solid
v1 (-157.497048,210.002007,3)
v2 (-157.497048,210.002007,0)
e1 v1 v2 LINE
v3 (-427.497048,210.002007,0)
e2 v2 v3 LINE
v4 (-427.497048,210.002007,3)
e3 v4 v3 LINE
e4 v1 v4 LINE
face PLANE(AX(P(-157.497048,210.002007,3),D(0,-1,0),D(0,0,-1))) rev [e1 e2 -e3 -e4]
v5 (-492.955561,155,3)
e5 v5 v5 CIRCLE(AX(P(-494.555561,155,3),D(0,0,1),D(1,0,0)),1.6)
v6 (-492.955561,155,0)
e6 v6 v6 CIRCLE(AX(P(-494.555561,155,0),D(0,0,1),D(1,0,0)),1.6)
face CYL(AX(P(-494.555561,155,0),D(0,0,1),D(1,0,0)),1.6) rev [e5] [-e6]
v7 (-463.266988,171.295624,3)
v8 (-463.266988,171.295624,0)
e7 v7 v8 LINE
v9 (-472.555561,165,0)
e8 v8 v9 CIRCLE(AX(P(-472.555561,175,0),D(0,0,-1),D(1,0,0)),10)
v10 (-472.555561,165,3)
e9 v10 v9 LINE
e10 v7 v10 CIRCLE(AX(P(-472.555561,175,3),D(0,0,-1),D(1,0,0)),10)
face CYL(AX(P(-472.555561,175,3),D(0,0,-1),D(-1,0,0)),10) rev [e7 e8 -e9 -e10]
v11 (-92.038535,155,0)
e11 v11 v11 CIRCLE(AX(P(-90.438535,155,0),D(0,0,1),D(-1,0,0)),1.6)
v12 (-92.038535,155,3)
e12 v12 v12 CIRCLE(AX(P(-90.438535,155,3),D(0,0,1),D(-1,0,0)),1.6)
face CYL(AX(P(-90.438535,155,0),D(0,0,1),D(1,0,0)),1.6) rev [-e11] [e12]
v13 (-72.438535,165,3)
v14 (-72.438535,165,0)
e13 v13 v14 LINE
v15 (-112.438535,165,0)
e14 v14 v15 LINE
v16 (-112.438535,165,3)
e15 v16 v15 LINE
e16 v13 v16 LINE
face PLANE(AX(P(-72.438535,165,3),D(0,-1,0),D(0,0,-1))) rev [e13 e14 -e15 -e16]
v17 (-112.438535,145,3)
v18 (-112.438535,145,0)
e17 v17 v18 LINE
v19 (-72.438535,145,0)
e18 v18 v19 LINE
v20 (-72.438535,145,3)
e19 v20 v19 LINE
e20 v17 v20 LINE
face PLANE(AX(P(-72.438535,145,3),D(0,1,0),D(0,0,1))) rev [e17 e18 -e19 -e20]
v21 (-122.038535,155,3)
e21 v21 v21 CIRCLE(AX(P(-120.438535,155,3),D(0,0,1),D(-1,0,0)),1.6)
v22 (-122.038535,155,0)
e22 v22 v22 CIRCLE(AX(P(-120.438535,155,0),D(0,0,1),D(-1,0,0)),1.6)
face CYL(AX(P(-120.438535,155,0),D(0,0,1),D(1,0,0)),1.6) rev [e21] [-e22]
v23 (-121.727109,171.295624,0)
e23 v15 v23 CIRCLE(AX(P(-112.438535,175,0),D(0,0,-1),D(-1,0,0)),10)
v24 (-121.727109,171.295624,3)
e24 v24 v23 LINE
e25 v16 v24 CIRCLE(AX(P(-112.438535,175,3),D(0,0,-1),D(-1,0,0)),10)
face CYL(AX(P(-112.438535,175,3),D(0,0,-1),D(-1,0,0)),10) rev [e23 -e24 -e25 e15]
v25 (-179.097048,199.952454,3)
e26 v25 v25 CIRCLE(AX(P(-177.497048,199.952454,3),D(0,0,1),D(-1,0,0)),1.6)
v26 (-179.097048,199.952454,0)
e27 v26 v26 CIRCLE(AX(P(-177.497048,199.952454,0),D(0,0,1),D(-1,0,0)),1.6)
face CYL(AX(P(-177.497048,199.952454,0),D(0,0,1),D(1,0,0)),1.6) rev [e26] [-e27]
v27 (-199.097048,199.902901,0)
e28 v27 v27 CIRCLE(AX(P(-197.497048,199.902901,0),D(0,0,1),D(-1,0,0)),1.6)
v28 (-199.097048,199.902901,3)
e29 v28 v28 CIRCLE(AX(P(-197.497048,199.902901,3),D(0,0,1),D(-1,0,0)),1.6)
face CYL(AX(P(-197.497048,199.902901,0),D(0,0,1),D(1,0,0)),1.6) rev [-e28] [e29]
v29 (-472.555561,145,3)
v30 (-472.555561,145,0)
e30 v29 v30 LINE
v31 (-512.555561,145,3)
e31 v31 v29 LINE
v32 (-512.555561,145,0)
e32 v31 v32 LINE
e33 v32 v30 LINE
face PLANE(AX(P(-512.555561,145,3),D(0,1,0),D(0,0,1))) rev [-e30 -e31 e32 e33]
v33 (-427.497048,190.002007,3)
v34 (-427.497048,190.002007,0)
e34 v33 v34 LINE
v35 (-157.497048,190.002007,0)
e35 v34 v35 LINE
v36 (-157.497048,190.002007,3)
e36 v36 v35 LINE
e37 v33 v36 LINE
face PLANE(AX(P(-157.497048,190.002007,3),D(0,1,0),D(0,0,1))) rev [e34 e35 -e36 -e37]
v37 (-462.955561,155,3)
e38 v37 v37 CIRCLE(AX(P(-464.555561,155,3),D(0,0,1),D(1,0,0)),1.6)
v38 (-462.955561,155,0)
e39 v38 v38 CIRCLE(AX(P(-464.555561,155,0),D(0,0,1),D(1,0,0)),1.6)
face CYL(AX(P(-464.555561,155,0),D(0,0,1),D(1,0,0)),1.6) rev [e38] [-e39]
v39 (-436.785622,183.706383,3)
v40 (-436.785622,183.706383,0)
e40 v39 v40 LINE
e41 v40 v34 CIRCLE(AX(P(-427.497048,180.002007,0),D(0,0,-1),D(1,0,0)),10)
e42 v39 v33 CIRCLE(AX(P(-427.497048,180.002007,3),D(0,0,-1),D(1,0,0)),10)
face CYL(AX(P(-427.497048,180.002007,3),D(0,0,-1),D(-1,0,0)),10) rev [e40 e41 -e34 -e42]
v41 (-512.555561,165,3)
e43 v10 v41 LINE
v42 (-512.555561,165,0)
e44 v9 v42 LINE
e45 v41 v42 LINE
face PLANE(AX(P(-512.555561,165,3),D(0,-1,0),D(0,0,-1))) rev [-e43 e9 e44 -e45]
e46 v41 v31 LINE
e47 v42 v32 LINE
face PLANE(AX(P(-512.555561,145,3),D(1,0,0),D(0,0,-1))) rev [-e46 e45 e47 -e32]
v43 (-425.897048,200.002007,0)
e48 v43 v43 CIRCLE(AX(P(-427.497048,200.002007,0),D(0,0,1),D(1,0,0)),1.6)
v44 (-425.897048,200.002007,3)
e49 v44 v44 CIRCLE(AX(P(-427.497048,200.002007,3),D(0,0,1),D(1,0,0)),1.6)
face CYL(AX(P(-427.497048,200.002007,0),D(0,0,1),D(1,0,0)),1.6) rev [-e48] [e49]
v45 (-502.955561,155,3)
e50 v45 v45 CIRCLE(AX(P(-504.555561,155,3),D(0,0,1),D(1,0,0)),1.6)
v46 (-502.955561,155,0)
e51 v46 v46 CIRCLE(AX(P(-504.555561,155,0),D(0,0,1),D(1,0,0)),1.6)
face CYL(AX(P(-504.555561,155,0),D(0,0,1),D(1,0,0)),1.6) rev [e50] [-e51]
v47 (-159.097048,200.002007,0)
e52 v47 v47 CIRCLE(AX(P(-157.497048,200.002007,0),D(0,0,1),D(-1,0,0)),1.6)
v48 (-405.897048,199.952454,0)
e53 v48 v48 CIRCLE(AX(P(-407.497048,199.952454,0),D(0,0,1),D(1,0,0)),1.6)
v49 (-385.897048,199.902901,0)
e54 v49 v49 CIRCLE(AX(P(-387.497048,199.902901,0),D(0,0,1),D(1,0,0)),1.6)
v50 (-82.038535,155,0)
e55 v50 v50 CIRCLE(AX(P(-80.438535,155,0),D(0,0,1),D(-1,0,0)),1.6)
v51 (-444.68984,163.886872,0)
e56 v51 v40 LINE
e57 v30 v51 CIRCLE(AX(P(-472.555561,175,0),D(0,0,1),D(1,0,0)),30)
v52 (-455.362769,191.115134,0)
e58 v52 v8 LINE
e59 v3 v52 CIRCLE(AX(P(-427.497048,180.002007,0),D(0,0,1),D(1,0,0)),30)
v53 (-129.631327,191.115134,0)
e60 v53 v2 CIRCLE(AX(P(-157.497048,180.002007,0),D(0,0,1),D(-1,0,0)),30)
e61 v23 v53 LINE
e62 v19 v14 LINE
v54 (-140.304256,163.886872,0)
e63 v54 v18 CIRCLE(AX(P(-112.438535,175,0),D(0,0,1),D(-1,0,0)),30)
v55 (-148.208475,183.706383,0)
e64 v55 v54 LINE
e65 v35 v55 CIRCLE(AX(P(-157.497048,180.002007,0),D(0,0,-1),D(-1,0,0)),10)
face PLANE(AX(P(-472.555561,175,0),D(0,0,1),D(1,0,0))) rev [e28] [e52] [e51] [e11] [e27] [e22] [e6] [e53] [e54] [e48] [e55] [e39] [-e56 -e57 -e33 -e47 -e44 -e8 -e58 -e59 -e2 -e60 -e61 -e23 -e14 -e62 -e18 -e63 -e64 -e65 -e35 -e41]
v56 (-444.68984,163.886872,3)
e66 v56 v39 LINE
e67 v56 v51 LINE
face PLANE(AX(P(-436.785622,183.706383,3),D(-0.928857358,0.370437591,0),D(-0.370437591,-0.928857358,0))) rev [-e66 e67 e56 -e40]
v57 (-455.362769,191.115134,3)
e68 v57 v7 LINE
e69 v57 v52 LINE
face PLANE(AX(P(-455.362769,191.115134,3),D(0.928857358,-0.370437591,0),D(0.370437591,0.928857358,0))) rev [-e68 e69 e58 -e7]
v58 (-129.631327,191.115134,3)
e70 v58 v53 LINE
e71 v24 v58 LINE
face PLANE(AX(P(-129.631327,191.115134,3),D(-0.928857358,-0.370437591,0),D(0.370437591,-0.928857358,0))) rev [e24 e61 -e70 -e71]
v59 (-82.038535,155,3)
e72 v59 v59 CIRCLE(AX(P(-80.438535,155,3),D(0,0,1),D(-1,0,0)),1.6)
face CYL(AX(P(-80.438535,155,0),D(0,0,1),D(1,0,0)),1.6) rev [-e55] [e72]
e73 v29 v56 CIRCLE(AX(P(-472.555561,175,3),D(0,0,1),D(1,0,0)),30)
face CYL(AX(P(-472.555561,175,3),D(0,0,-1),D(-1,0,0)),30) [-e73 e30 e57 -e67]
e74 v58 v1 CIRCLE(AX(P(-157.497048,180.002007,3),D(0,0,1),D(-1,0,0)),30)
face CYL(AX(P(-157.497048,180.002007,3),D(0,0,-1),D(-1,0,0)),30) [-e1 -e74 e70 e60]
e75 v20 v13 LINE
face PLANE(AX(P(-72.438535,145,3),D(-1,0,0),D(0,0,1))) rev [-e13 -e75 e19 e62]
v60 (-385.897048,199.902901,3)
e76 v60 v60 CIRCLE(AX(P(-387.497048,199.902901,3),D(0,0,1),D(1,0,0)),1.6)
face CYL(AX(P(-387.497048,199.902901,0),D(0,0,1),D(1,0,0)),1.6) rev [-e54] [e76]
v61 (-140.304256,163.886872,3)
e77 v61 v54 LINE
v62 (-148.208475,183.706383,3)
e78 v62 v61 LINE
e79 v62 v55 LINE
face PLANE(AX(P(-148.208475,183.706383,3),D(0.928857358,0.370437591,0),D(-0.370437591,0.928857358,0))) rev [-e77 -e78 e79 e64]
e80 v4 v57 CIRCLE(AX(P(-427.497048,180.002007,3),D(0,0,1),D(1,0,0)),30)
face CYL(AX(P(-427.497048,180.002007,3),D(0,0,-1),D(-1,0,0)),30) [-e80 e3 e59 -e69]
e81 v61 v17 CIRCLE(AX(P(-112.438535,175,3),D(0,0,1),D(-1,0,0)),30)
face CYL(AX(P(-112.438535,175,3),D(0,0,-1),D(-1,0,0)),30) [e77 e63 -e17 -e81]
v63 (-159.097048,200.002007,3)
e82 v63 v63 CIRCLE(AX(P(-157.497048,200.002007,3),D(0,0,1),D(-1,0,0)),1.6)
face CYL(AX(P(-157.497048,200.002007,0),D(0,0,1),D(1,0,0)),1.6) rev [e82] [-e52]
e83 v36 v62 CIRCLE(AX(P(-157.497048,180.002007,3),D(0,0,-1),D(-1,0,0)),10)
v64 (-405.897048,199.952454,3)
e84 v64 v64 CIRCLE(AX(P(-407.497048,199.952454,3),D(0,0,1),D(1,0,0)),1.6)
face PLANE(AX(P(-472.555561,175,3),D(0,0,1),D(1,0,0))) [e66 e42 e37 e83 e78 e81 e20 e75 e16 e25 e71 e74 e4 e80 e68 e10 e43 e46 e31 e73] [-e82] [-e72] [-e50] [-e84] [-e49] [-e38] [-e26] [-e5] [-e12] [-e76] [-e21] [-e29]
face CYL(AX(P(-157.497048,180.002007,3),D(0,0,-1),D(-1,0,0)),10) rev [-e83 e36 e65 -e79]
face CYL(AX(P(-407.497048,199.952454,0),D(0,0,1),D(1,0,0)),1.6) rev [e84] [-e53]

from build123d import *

# Parameters (mm, degrees)
EXTRUDE1_DEPTH     = 3
SKETCH2_R          = 1.6
CUT_EXTRUDE1_DEPTH = 3


with BuildPart() as part:
    # Sketch1 → Extrude1 (new body)
    with BuildSketch(Plane.XY):
        with BuildLine():
            Line((-512.555561166, 145), (-472.555561166, 145))
            ThreePointArc((-472.555561166, 145), (-455.723951498, 150.166616904), (-444.689840432, 163.886872268))
            Line((-444.689840432, 163.886872268), (-436.785621791, 183.706382542))
            ThreePointArc((-436.785621791, 183.706382542), (-433.10758477, 188.279800996), (-427.497048214, 190.002006631))
            Line((-427.497048214, 190.002006631), (-157.497048214, 190.002006631))
            ThreePointArc((-157.497048214, 190.002006631), (-151.886511658, 188.279800996), (-148.208474636, 183.706382542))
            Line((-148.208474636, 183.706382542), (-140.304255995, 163.886872268))
            ThreePointArc((-140.304255995, 163.886872268), (-129.270144929, 150.166616904), (-112.438535261, 145))
            Line((-112.438535261, 145), (-72.438535261, 145))
            Line((-72.438535261, 145), (-72.438535261, 165))
            Line((-72.438535261, 165), (-112.438535261, 165))
            ThreePointArc((-112.438535261, 165), (-118.049071817, 166.722205635), (-121.727108839, 171.295624089))
            Line((-121.727108839, 171.295624089), (-129.63132748, 191.115134363))
            ThreePointArc((-129.63132748, 191.115134363), (-140.665438546, 204.835389727), (-157.497048214, 210.002006631))
            Line((-157.497048214, 210.002006631), (-427.497048214, 210.002006631))
            ThreePointArc((-427.497048214, 210.002006631), (-444.328657882, 204.835389727), (-455.362768947, 191.115134363))
            Line((-455.362768947, 191.115134363), (-463.266987588, 171.295624089))
            ThreePointArc((-463.266987588, 171.295624089), (-466.94502461, 166.722205635), (-472.555561166, 165))
            Line((-472.555561166, 165), (-512.555561166, 165))
            Line((-512.555561166, 165), (-512.555561166, 145))
        make_face()
    extrude(amount=EXTRUDE1_DEPTH)

    # Sketch2 → Cut-Extrude1 (cut)
    with BuildSketch(Plane.XY.offset(3)):
        with Locations((-494.555561166, 155)):
            Circle(SKETCH2_R)
        with Locations((-464.555561166, 155)):
            Circle(SKETCH2_R)
        with Locations((-427.497048214, 200.002006631)):
            Circle(SKETCH2_R)
        with Locations((-407.497048214, 199.95245399)):
            Circle(SKETCH2_R)
        with Locations((-387.497048214, 199.90290135)):
            Circle(SKETCH2_R)
        with Locations((-504.555561166, 155)):
            Circle(SKETCH2_R)
        with Locations((-80.438535261, 155)):
            Circle(SKETCH2_R)
        with Locations((-197.497048214, 199.90290135)):
            Circle(SKETCH2_R)
        with Locations((-177.497048214, 199.95245399)):
            Circle(SKETCH2_R)
        with Locations((-157.497048214, 200.002006631)):
            Circle(SKETCH2_R)
        with Locations((-120.438535261, 155)):
            Circle(SKETCH2_R)
        with Locations((-90.438535261, 155)):
            Circle(SKETCH2_R)
    extrude(amount=-CUT_EXTRUDE1_DEPTH, mode=Mode.SUBTRACT)


solid = part.part
